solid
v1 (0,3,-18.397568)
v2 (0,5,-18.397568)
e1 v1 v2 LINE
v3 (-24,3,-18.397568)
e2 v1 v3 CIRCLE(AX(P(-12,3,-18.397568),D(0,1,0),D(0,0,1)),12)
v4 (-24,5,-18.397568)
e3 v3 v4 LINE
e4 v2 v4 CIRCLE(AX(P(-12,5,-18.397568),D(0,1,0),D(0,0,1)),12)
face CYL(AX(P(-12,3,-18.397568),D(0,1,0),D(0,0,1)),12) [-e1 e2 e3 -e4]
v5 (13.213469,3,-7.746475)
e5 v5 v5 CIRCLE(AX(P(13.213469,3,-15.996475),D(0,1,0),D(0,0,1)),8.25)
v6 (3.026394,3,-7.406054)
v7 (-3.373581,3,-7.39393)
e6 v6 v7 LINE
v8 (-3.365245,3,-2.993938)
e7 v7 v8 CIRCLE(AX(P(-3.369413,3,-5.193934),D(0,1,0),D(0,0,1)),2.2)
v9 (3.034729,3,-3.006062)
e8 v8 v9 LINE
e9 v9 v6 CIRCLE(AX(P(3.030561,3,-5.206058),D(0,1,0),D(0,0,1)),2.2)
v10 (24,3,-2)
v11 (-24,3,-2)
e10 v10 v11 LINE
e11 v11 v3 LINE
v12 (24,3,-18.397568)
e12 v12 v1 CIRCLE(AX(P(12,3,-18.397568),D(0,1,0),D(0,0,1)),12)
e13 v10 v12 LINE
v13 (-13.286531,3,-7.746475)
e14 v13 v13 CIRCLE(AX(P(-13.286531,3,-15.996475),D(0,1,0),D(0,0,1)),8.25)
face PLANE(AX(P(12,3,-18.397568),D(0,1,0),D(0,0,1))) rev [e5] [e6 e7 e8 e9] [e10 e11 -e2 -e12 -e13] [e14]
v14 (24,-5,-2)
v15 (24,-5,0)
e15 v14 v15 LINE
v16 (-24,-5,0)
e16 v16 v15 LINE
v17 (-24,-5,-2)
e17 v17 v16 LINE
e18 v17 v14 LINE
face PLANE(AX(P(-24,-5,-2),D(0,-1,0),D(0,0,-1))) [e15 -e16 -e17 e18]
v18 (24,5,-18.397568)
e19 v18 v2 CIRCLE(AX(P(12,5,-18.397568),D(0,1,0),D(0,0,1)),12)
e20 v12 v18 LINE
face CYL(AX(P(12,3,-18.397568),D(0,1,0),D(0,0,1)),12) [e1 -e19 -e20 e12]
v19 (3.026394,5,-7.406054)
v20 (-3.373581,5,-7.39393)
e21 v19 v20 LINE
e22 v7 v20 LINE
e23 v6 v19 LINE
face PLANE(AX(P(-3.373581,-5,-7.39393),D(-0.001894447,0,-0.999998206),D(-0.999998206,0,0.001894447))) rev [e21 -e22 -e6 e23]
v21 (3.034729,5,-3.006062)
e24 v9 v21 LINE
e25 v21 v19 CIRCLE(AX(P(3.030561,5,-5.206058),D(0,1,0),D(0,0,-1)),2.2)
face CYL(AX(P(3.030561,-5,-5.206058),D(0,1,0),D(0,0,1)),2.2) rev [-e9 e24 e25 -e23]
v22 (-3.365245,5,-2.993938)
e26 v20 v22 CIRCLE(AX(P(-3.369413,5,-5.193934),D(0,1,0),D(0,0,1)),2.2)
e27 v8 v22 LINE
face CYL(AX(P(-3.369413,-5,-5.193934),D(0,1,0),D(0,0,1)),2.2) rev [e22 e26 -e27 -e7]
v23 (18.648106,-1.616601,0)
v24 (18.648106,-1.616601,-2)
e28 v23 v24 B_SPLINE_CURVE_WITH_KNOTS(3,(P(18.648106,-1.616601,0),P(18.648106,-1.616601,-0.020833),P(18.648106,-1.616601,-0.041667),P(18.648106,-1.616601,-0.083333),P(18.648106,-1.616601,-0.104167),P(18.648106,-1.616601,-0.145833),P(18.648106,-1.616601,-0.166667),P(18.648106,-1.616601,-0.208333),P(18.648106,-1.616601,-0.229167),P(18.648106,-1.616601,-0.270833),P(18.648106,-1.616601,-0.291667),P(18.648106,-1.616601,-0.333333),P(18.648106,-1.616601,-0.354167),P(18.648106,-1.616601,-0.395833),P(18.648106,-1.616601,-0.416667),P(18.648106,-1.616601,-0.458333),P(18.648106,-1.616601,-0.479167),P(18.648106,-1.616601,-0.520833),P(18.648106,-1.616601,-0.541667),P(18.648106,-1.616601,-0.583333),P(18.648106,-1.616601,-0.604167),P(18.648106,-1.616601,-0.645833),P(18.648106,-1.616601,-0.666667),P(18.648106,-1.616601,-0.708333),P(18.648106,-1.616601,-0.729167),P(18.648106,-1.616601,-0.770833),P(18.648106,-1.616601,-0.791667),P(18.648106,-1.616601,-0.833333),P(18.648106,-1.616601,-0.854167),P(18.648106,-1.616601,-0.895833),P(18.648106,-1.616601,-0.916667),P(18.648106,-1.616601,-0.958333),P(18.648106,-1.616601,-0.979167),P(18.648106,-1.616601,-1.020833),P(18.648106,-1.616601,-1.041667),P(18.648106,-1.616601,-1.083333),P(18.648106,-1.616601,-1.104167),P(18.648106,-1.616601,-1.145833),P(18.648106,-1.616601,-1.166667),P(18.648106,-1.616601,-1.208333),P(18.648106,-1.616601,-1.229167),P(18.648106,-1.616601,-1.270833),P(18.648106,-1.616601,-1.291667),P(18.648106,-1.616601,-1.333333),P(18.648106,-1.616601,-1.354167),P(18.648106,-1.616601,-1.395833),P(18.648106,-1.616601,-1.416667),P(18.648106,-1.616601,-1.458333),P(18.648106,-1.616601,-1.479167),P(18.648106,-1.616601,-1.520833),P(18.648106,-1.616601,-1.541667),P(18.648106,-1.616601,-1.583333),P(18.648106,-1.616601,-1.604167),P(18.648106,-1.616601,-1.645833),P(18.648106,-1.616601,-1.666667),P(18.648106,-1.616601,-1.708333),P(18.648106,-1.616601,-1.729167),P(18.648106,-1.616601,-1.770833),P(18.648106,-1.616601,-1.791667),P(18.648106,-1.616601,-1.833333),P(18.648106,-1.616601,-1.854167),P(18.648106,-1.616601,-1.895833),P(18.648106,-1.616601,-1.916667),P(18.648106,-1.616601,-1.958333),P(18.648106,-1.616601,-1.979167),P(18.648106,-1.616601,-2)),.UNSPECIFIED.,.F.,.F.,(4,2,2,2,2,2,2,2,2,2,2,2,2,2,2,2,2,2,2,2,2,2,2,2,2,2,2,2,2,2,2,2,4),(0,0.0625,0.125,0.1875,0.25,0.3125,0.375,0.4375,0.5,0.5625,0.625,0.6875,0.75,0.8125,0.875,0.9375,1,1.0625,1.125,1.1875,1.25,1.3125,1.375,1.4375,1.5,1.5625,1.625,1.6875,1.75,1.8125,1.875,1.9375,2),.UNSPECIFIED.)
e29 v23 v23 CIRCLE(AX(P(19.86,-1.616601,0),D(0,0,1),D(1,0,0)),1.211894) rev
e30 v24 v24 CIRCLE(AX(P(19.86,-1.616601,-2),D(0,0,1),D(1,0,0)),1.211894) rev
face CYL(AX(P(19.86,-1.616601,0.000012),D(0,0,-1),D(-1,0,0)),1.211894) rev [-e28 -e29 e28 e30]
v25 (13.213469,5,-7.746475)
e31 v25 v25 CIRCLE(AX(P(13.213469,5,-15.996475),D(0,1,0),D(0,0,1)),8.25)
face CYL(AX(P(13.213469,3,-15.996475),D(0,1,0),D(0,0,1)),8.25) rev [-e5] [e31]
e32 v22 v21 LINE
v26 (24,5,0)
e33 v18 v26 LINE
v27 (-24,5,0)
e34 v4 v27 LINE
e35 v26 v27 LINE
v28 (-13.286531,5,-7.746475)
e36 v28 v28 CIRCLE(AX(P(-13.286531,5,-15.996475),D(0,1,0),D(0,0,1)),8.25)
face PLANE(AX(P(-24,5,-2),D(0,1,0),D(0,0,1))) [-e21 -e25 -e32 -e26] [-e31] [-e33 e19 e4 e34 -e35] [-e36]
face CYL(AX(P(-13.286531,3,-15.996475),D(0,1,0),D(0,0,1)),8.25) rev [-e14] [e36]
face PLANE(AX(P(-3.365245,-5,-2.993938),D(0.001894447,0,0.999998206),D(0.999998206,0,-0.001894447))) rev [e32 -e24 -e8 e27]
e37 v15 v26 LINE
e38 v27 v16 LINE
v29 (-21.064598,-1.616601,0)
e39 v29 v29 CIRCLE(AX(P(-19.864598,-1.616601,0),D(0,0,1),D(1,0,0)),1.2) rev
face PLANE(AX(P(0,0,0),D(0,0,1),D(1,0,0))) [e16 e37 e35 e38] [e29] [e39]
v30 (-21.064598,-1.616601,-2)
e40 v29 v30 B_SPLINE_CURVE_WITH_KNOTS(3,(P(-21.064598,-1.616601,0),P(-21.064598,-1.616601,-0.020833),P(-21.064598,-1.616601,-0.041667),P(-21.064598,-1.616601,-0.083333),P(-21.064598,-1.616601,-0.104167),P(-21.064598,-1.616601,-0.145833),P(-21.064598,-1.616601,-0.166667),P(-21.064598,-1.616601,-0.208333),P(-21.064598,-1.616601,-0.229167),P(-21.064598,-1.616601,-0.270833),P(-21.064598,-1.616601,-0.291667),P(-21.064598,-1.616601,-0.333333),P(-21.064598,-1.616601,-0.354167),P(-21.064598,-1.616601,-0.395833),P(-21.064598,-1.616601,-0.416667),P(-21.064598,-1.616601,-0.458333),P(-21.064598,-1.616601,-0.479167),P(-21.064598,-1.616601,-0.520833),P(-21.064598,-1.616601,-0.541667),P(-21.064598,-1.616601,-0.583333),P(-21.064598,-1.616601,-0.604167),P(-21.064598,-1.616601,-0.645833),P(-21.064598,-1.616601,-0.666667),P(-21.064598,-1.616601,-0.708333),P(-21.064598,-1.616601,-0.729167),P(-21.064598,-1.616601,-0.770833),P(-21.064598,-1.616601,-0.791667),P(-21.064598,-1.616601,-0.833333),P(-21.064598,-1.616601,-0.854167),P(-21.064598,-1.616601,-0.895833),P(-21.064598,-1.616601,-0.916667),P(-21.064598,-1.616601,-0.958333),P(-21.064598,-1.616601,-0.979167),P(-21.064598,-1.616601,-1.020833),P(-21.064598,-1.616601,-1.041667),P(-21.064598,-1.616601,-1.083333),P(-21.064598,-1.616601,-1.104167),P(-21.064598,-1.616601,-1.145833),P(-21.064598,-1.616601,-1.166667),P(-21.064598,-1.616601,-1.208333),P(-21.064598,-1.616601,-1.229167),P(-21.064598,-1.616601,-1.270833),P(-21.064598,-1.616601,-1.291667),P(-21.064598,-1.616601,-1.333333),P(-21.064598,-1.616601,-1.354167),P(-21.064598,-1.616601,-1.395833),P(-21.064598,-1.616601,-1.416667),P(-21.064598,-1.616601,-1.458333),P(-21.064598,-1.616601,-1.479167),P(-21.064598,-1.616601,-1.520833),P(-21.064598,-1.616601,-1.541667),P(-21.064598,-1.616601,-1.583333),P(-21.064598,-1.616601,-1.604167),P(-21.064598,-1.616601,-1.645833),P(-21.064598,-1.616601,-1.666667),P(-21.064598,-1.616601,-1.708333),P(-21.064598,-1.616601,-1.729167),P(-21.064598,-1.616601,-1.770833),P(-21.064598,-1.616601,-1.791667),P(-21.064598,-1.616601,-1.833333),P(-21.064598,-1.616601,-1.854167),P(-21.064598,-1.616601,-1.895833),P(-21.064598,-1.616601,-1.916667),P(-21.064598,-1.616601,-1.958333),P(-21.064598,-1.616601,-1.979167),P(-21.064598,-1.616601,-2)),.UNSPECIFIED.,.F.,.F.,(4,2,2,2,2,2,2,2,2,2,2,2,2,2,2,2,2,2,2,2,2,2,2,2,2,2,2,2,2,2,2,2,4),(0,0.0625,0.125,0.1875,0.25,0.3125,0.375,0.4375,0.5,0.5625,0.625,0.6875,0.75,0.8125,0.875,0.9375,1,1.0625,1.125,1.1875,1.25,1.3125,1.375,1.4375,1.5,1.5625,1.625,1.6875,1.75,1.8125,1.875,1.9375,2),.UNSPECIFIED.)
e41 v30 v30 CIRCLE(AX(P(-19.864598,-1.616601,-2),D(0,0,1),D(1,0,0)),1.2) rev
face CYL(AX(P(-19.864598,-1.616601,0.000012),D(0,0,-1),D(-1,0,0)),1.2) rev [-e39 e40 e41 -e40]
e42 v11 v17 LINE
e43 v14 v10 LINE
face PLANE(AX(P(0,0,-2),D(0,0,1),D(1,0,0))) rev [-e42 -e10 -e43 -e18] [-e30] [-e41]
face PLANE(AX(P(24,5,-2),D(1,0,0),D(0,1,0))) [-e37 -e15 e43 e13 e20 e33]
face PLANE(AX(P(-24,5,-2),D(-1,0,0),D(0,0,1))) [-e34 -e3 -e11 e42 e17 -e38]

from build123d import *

# Parameters (mm, degrees)
SKETCH1_W               = 48
SKETCH1_H               = 10
BOSS_EXTRUDE5_DEPTH     = 2
BOSS_EXTRUDE6_START     = 5
BOSS_EXTRUDE6_DEPTH     = 2
SKETCH3_R               = 8.25
CUT_EXTRUDE1_DEPTH      = 2
CUT_EXTRUDE2_DEPTH      = 40.051403925
CUT_EXTRUDE2_DEPTH_BACK = 40.051403925
CUT_EXTRUDE3_DEPTH      = 40.051403925
CUT_EXTRUDE3_DEPTH_BACK = 10
SKETCH6_R               = 1.2
SKETCH6_R_2             = 1.211894006


with BuildPart() as part:
    # Sketch1 → Boss-Extrude5 (new body)
    with BuildSketch(Plane.XY):
        Rectangle(SKETCH1_W, SKETCH1_H)
    extrude(amount=-BOSS_EXTRUDE5_DEPTH)

    # Sketch2 → Boss-Extrude6 (add)
    with BuildSketch(Plane(origin=(0, 0, 0), x_dir=(1, 0, 0), z_dir=(0, 1, 0)).offset(BOSS_EXTRUDE6_START)):
        with BuildLine():
            ThreePointArc((-1.241034606, 23.712139016), (-12, 30.397568135), (-22.758965394, 23.712139016))
            Line((-22.758965394, 23.712139016), (-1.241034606, 23.712139016))
        make_face()
        with BuildLine():
            Line((-1.241034606, 23.712139016), (-22.758965394, 23.712139016))
            ThreePointArc((-22.758965394, 23.712139016), (-23.685623319, 21.126342152), (-24, 18.397568135))
            ThreePointArc((-24, 18.397568135), (-12, 6.397568135), (0, 18.397568135))
            ThreePointArc((0, 18.397568135), (-0.314376681, 21.126342152), (-1.241034606, 23.712139016))
        make_face()
        with BuildLine():
            ThreePointArc((22.758965394, 23.712139016), (12, 30.397568135), (1.241034606, 23.712139016))
            Line((1.241034606, 23.712139016), (22.758965394, 23.712139016))
        make_face()
        with BuildLine():
            Line((22.758965394, 23.712139016), (1.241034606, 23.712139016))
            ThreePointArc((1.241034606, 23.712139016), (0.314376681, 21.126342152), (0, 18.397568135))
            ThreePointArc((0, 18.397568135), (12, 6.397568135), (24, 18.397568135))
            ThreePointArc((24, 18.397568135), (23.685623319, 21.126342152), (22.758965394, 23.712139016))
        make_face()
        with BuildLine():
            ThreePointArc((0, 18.397568135), (-12, 6.397568135), (-24, 18.397568135))
            Line((-24, 18.397568135), (-24, 2))
            Line((-24, 2), (24, 2))
            Line((24, 2), (24, 18.397568135))
            ThreePointArc((24, 18.397568135), (12, 6.397568135), (0, 18.397568135))
        make_face()
    extrude(amount=-BOSS_EXTRUDE6_DEPTH)

    # Sketch3 → Cut-Extrude1 (cut)
    with BuildSketch(Plane(origin=(0, 5, 0), x_dir=(1, 0, 0), z_dir=(0, 1, 0))):
        with Locations(Location((-13.286531406, 15.996474508, 0), (0, 0, 270))):
            Circle(SKETCH3_R)
        with Locations(Location((13.213468594, 15.996474508, 0), (0, 0, 270))):
            Circle(SKETCH3_R)
    extrude(amount=-CUT_EXTRUDE1_DEPTH, mode=Mode.SUBTRACT)

    # Sketch5 → Cut-Extrude2 (cut, two sides: drawn at the far end of the back side and taken through both)
    with BuildSketch(Plane(origin=(0, 0, 0), x_dir=(1, 0, 0), z_dir=(0, 1, 0)).offset(-CUT_EXTRUDE2_DEPTH_BACK)):
        with BuildLine():
            Line((-3.373580641, 7.393929887), (3.026393541, 7.406054321))
            ThreePointArc((3.026393541, 7.406054321), (5.230557377, 5.210226053), (3.034729108, 3.006062217))
            Line((3.034729108, 3.006062217), (-3.365245074, 2.993937783))
            ThreePointArc((-3.365245074, 2.993937783), (-5.56940891, 5.189766052), (-3.373580641, 7.393929887))
        make_face()
    extrude(amount=CUT_EXTRUDE2_DEPTH + CUT_EXTRUDE2_DEPTH_BACK, mode=Mode.SUBTRACT)

    # Sketch6 → Cut-Extrude3 (cut, two sides: drawn at the far end of the back side and taken through both)
    with BuildSketch(Plane.XY.offset(-CUT_EXTRUDE3_DEPTH_BACK)):
        with Locations(Location((-19.864598195, -1.616601086, 0), (0, 0, 180))):
            Circle(SKETCH6_R)
        with Locations(Location((19.86, -1.616601086, 0), (0, 0, 180))):
            Circle(SKETCH6_R_2)
    extrude(amount=CUT_EXTRUDE3_DEPTH + CUT_EXTRUDE3_DEPTH_BACK, mode=Mode.SUBTRACT)


solid = part.part
